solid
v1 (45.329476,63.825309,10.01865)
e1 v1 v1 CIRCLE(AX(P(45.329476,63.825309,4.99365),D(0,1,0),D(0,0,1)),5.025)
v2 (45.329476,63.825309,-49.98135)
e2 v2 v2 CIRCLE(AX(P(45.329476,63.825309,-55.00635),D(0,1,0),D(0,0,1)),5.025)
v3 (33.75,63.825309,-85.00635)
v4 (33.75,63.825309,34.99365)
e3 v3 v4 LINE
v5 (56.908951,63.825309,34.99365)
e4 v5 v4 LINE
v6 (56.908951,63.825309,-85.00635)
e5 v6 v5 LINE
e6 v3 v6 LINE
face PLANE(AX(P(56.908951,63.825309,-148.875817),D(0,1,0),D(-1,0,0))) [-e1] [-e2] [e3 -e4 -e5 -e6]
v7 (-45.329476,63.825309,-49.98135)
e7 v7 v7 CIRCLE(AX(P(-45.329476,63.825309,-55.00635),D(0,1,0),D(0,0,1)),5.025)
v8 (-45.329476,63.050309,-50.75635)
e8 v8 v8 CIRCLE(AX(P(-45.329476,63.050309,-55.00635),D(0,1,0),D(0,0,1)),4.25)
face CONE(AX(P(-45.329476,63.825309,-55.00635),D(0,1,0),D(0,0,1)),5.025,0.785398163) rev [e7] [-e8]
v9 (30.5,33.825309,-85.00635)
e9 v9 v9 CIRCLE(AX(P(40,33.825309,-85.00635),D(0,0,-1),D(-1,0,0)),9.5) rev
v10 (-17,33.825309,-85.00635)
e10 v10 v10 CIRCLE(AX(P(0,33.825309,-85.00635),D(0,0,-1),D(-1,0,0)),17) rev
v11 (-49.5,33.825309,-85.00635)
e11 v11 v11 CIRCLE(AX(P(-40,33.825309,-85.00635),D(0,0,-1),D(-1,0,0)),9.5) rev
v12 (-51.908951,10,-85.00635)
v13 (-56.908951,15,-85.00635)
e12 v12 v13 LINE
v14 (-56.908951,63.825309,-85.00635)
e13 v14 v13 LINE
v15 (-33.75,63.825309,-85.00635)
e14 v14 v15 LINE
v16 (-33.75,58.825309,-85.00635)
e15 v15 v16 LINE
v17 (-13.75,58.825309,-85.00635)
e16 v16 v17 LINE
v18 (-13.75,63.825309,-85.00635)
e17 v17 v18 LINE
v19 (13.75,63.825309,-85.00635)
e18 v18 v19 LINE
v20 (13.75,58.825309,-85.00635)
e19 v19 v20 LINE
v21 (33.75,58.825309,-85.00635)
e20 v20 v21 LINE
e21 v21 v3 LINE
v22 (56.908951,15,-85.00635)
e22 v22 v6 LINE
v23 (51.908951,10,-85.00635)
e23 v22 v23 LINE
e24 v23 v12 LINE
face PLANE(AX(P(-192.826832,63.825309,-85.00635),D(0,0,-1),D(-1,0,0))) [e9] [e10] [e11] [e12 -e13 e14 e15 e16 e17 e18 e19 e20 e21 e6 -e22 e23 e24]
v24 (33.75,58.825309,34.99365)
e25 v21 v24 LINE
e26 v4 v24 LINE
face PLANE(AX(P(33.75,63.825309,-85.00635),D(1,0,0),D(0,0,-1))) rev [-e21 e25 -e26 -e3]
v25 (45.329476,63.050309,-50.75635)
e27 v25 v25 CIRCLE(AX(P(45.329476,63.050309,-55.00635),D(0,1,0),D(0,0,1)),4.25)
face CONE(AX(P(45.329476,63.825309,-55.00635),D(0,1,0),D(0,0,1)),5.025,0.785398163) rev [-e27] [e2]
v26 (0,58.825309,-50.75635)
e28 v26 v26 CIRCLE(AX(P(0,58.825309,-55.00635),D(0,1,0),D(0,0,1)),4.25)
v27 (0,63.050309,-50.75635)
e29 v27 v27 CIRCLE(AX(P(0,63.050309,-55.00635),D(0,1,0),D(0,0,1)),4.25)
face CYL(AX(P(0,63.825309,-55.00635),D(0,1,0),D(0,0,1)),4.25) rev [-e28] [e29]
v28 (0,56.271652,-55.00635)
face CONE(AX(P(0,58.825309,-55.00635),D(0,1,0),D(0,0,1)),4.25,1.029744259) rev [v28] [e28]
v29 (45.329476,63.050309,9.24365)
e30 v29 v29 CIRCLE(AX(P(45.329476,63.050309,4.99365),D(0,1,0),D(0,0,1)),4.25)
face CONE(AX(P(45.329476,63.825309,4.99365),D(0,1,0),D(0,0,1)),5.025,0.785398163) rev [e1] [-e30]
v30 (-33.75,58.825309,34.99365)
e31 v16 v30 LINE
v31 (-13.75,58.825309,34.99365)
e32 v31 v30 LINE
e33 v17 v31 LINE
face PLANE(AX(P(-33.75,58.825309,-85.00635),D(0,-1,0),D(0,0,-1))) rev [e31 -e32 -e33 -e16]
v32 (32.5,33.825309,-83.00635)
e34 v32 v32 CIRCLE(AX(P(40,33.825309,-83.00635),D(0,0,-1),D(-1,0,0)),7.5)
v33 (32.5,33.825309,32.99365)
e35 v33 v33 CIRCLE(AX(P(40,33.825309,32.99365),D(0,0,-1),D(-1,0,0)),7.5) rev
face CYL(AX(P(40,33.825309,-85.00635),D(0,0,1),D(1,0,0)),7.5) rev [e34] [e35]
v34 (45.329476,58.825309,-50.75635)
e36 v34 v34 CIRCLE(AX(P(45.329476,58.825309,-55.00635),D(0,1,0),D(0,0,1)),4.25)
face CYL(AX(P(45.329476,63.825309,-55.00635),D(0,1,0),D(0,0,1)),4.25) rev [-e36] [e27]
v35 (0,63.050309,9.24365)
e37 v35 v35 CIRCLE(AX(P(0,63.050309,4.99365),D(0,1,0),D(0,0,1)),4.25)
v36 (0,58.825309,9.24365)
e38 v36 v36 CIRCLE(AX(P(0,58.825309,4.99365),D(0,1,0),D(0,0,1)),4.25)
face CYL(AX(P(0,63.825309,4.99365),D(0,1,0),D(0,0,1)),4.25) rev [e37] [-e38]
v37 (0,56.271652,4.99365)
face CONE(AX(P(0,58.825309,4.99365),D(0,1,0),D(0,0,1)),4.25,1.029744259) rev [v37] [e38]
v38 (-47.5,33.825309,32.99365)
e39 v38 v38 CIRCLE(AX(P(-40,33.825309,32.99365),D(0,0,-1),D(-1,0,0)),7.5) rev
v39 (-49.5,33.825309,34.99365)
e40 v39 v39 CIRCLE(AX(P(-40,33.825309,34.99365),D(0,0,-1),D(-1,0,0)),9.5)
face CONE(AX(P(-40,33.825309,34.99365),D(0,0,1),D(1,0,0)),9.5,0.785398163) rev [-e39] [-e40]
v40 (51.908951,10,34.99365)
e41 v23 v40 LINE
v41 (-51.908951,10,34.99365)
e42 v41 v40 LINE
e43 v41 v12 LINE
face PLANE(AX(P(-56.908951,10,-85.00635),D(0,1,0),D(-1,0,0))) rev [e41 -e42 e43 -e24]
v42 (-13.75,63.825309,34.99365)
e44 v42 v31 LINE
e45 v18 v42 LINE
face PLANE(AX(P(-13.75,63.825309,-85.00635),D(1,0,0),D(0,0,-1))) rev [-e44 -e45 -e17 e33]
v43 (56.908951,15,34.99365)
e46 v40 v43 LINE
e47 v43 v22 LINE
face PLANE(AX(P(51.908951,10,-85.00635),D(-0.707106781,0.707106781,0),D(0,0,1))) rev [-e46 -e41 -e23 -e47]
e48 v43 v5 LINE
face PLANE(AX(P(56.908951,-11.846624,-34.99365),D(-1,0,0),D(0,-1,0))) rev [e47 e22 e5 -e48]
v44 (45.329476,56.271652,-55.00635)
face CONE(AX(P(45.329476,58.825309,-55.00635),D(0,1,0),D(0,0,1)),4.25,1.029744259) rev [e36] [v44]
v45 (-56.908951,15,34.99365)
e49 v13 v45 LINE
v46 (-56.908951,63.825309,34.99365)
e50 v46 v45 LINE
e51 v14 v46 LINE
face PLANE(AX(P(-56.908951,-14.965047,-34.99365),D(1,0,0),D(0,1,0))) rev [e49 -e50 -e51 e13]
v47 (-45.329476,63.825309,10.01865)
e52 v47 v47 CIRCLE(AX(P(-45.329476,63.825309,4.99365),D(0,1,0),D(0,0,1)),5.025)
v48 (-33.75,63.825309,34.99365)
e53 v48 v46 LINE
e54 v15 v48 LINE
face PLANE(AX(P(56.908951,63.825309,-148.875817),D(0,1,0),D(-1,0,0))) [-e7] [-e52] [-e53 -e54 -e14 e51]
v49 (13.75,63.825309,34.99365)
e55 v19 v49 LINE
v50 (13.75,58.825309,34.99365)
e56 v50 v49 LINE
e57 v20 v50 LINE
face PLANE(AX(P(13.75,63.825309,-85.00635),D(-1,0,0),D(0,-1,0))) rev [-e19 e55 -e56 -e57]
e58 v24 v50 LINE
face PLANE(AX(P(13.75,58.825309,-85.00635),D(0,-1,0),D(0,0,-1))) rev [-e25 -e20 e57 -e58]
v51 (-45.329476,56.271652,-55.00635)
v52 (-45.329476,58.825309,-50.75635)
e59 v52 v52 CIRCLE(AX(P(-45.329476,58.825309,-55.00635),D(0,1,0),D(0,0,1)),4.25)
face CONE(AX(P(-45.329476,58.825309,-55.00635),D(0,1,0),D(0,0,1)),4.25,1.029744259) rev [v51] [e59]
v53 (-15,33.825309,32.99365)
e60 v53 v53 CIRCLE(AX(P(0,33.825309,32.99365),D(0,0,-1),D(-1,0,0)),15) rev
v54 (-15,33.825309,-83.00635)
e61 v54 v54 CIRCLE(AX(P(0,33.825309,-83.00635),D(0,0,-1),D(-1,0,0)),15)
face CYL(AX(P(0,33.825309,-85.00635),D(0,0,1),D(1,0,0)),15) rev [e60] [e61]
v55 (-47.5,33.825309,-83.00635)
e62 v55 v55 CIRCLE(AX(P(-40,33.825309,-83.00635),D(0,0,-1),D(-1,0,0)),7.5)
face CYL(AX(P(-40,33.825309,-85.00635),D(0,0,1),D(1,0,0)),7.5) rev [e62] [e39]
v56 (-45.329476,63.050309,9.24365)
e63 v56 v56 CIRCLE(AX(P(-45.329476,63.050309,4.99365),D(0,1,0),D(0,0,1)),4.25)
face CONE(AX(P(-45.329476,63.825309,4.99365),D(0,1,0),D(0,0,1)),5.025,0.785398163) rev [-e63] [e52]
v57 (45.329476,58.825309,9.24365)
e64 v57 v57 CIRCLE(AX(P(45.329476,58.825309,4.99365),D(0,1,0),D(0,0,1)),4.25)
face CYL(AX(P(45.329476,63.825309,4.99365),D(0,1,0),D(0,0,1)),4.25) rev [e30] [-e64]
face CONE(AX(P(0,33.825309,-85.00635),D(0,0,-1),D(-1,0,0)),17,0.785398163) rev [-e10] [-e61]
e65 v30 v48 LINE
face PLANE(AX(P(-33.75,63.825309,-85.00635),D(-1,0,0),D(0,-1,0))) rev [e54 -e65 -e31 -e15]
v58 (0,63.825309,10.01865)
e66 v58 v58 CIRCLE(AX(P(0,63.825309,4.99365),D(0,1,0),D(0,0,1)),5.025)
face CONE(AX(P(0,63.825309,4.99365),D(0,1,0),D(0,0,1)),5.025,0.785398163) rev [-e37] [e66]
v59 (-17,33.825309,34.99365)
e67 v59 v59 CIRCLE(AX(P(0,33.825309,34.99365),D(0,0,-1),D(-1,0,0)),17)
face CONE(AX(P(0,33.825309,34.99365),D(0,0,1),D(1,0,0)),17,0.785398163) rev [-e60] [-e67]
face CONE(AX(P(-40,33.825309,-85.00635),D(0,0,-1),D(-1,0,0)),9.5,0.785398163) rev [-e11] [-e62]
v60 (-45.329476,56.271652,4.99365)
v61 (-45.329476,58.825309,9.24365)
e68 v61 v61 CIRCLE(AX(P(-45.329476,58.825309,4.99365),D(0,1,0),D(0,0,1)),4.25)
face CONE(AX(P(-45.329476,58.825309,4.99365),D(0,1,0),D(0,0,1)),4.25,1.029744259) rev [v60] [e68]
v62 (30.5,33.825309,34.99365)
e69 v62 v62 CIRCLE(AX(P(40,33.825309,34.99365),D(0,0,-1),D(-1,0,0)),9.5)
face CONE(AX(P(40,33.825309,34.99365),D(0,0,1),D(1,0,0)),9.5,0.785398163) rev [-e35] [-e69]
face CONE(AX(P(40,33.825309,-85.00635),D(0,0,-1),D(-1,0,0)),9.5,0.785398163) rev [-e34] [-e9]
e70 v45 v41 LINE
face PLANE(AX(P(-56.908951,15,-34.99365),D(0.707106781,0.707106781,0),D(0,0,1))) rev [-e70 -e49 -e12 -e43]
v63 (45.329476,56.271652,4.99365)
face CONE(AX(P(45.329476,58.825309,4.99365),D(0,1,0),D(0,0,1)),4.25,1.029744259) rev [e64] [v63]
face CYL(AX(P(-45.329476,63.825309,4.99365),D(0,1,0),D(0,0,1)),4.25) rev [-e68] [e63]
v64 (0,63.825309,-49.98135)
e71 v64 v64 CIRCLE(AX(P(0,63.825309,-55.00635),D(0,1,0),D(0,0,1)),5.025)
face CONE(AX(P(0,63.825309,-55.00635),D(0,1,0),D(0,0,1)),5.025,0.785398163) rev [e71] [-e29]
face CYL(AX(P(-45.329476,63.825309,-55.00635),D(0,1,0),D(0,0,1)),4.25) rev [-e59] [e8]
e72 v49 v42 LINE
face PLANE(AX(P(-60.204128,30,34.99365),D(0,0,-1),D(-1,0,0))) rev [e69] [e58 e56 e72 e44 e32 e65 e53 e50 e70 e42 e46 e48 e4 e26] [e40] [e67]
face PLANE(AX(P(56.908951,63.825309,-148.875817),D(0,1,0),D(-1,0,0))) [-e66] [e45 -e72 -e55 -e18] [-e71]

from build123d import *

# Parameters (mm, degrees)
SKETCH_1_W                    = 120.40825663
SKETCH_1_H                    = 69.987299166
EXTRUDE_1_DEPTH               = 30
CUT_EXTRUDE_1_DEPTH           = 98.070897342
CUT_EXTRUDE_1_DEPTH_BACK      = 98.070897342
SKETCH_2_W                    = 9.395515641
SKETCH_2_H                    = 48.745871703
SKETCH_3_W                    = 113.81790299
SKETCH_3_H                    = 30
EXTRUDE_2_DEPTH               = 69.987299167
SKETCH_4_W                    = 113.81790299
SKETCH_4_H                    = 3.825309314
EXTRUDE_3_DEPTH               = 69.987299167
SKETCH_5_W                    = 120
SKETCH_5_H                    = 63.825309314
EXTRUDE_4_DEPTH               = 113.817902989
CUT_EXTRUDE_2_DEPTH           = 148.350937795
CUT_EXTRUDE_2_DEPTH_BACK      = 148.350937795
SKETCH_6_R                    = 15
SKETCH_6_R_2                  = 7.5
CUT_EXTRUDE_3_DEPTH           = 148.350937795
CUT_EXTRUDE_3_DEPTH_BACK      = 148.350937795
SKETCH_7_W                    = 113.81790299
SKETCH_7_H                    = 11.234457722
CUT_EXTRUDE_4_DEPTH           = 148.350937795
CUT_EXTRUDE_4_DEPTH_BACK      = 148.350937795
SKETCH_8_W                    = 20
SKETCH_8_H                    = 5
CHAMFER_1_SIZE                = 5
CHAMFER_2_SIZE                = 2
HOLE_WIZARD_M10_1_D           = 8.5
HOLE_WIZARD_M10_1_DEPTH       = 5
HOLE_WIZARD_M10_1_CSINK_D     = 10.05
HOLE_WIZARD_M10_1_CSINK_ANGLE = 90
HOLE_WIZARD_M10_1_TIP         = 2.553657631


with BuildPart() as part:
    # 草图1 → 凸台-拉伸1 (new body)
    with BuildSketch(Plane(origin=(0, 0, 0), x_dir=(1, 0, 0), z_dir=(0, 1, 0))):
        Rectangle(SKETCH_1_W, SKETCH_1_H)
    extrude(amount=EXTRUDE_1_DEPTH)

    # 草图2 → 切除-拉伸1 (cut, two sides: drawn at the far end of the back side and taken through both)
    with BuildSketch(Plane.XY.offset(34.993649583).offset(-CUT_EXTRUDE_1_DEPTH_BACK)):
        with Locations((-61.606709315, 9.40788871)):
            Rectangle(SKETCH_2_W, SKETCH_2_H)
        Polygon((56.908951495, -11.846624373), (56.908951495, 33.780824562), (63.684524074, 33.780824562), (62.913393862, -11.846624373), align=None)
    extrude(amount=CUT_EXTRUDE_1_DEPTH + CUT_EXTRUDE_1_DEPTH_BACK, mode=Mode.SUBTRACT)

    # 草图3 → 凸台-拉伸2 (add)
    with BuildSketch(Plane.XY.offset(34.993649583)):
        with Locations((0, 45)):
            Rectangle(SKETCH_3_W, SKETCH_3_H)
    extrude(amount=-EXTRUDE_2_DEPTH)

    # 草图4 → 凸台-拉伸3 (add)
    with BuildSketch(Plane.XY.offset(34.993649583)):
        with Locations((0, 61.912654657)):
            Rectangle(SKETCH_4_W, SKETCH_4_H)
    extrude(amount=-EXTRUDE_3_DEPTH)

    # 草图5 → 凸台-拉伸4 (add)
    with BuildSketch(Plane(origin=(56.908951495, 0, 0), x_dir=(0, 0, -1), z_dir=(1, 0, 0))):
        with Locations((25.006350417, 31.912654657)):
            Rectangle(SKETCH_5_W, SKETCH_5_H)
    extrude(amount=-EXTRUDE_4_DEPTH)

    # 草图6 → 切除-拉伸2 (cut, two sides: drawn at the far end of the back side and taken through both)
    with BuildSketch(Plane.XY.offset(34.993649583).offset(-CUT_EXTRUDE_2_DEPTH_BACK)):
        with Locations((0, 33.825309314)):
            Circle(SKETCH_6_R)
        with Locations((-40, 33.825309314)):
            Circle(SKETCH_6_R_2)
        with Locations((40, 33.825309314)):
            Circle(SKETCH_6_R_2)
    extrude(amount=CUT_EXTRUDE_2_DEPTH + CUT_EXTRUDE_2_DEPTH_BACK, mode=Mode.SUBTRACT)

    # 草图7 → 切除-拉伸3 (cut, two sides: drawn at the far end of the back side and taken through both)
    with BuildSketch(Plane.XY.offset(34.993649583).offset(-CUT_EXTRUDE_3_DEPTH_BACK)):
        with Locations((0, 4.382771139)):
            Rectangle(SKETCH_7_W, SKETCH_7_H)
    extrude(amount=CUT_EXTRUDE_3_DEPTH + CUT_EXTRUDE_3_DEPTH_BACK, mode=Mode.SUBTRACT)

    # 草图8 → 切除-拉伸4 (cut, two sides: drawn at the far end of the back side and taken through both)
    with BuildSketch(Plane.XY.offset(34.993649583).offset(-CUT_EXTRUDE_4_DEPTH_BACK)):
        with Locations((-23.75, 61.325309314)):
            Rectangle(SKETCH_8_W, SKETCH_8_H)
        with Locations((23.75, 61.325309314)):
            Rectangle(SKETCH_8_W, SKETCH_8_H)
    extrude(amount=CUT_EXTRUDE_4_DEPTH + CUT_EXTRUDE_4_DEPTH_BACK, mode=Mode.SUBTRACT)

    # 倒角1
    chamfer_1_edges = [part.edges().sort_by_distance(p)[0] for p in [
        (-56.908951495, 10, -25.006350417),
        (56.908951495, 10, -25.006350417),
    ]]
    chamfer(chamfer_1_edges, length=CHAMFER_1_SIZE)

    # 倒角2
    chamfer_2_edges = [part.edges().sort_by_distance(p)[0] for p in [
        (32.5, 33.825309314, -85.006350417),
        (32.5, 33.825309314, 34.993649583),
        (-47.5, 33.825309314, -85.006350417),
        (-47.5, 33.825309314, 34.993649583),
        (-15, 33.825309314, -85.006350417),
        (-15, 33.825309314, 34.993649583),
    ]]
    chamfer(chamfer_2_edges, length=CHAMFER_2_SIZE)

    # M10 螺纹孔1
    with Locations(Plane(origin=(0, 63.825309314, 0), x_dir=(1, 0, 0), z_dir=(0, 1, 0))):
        with Locations((-45.329475747, 55.006350417), (-45.329475747, -4.993649583), (0, -4.993649583), (45.329475747, -4.993649583), (45.329475747, 55.006350417), (0, 55.006350417)):
            CounterSinkHole(HOLE_WIZARD_M10_1_D / 2, HOLE_WIZARD_M10_1_CSINK_D / 2, depth=HOLE_WIZARD_M10_1_DEPTH, counter_sink_angle=HOLE_WIZARD_M10_1_CSINK_ANGLE)
            with Locations((0, 0, -(HOLE_WIZARD_M10_1_DEPTH + HOLE_WIZARD_M10_1_TIP / 2))):  # 118° drill point
                Cone(0, HOLE_WIZARD_M10_1_D / 2, HOLE_WIZARD_M10_1_TIP, mode=Mode.SUBTRACT)


solid = part.part
